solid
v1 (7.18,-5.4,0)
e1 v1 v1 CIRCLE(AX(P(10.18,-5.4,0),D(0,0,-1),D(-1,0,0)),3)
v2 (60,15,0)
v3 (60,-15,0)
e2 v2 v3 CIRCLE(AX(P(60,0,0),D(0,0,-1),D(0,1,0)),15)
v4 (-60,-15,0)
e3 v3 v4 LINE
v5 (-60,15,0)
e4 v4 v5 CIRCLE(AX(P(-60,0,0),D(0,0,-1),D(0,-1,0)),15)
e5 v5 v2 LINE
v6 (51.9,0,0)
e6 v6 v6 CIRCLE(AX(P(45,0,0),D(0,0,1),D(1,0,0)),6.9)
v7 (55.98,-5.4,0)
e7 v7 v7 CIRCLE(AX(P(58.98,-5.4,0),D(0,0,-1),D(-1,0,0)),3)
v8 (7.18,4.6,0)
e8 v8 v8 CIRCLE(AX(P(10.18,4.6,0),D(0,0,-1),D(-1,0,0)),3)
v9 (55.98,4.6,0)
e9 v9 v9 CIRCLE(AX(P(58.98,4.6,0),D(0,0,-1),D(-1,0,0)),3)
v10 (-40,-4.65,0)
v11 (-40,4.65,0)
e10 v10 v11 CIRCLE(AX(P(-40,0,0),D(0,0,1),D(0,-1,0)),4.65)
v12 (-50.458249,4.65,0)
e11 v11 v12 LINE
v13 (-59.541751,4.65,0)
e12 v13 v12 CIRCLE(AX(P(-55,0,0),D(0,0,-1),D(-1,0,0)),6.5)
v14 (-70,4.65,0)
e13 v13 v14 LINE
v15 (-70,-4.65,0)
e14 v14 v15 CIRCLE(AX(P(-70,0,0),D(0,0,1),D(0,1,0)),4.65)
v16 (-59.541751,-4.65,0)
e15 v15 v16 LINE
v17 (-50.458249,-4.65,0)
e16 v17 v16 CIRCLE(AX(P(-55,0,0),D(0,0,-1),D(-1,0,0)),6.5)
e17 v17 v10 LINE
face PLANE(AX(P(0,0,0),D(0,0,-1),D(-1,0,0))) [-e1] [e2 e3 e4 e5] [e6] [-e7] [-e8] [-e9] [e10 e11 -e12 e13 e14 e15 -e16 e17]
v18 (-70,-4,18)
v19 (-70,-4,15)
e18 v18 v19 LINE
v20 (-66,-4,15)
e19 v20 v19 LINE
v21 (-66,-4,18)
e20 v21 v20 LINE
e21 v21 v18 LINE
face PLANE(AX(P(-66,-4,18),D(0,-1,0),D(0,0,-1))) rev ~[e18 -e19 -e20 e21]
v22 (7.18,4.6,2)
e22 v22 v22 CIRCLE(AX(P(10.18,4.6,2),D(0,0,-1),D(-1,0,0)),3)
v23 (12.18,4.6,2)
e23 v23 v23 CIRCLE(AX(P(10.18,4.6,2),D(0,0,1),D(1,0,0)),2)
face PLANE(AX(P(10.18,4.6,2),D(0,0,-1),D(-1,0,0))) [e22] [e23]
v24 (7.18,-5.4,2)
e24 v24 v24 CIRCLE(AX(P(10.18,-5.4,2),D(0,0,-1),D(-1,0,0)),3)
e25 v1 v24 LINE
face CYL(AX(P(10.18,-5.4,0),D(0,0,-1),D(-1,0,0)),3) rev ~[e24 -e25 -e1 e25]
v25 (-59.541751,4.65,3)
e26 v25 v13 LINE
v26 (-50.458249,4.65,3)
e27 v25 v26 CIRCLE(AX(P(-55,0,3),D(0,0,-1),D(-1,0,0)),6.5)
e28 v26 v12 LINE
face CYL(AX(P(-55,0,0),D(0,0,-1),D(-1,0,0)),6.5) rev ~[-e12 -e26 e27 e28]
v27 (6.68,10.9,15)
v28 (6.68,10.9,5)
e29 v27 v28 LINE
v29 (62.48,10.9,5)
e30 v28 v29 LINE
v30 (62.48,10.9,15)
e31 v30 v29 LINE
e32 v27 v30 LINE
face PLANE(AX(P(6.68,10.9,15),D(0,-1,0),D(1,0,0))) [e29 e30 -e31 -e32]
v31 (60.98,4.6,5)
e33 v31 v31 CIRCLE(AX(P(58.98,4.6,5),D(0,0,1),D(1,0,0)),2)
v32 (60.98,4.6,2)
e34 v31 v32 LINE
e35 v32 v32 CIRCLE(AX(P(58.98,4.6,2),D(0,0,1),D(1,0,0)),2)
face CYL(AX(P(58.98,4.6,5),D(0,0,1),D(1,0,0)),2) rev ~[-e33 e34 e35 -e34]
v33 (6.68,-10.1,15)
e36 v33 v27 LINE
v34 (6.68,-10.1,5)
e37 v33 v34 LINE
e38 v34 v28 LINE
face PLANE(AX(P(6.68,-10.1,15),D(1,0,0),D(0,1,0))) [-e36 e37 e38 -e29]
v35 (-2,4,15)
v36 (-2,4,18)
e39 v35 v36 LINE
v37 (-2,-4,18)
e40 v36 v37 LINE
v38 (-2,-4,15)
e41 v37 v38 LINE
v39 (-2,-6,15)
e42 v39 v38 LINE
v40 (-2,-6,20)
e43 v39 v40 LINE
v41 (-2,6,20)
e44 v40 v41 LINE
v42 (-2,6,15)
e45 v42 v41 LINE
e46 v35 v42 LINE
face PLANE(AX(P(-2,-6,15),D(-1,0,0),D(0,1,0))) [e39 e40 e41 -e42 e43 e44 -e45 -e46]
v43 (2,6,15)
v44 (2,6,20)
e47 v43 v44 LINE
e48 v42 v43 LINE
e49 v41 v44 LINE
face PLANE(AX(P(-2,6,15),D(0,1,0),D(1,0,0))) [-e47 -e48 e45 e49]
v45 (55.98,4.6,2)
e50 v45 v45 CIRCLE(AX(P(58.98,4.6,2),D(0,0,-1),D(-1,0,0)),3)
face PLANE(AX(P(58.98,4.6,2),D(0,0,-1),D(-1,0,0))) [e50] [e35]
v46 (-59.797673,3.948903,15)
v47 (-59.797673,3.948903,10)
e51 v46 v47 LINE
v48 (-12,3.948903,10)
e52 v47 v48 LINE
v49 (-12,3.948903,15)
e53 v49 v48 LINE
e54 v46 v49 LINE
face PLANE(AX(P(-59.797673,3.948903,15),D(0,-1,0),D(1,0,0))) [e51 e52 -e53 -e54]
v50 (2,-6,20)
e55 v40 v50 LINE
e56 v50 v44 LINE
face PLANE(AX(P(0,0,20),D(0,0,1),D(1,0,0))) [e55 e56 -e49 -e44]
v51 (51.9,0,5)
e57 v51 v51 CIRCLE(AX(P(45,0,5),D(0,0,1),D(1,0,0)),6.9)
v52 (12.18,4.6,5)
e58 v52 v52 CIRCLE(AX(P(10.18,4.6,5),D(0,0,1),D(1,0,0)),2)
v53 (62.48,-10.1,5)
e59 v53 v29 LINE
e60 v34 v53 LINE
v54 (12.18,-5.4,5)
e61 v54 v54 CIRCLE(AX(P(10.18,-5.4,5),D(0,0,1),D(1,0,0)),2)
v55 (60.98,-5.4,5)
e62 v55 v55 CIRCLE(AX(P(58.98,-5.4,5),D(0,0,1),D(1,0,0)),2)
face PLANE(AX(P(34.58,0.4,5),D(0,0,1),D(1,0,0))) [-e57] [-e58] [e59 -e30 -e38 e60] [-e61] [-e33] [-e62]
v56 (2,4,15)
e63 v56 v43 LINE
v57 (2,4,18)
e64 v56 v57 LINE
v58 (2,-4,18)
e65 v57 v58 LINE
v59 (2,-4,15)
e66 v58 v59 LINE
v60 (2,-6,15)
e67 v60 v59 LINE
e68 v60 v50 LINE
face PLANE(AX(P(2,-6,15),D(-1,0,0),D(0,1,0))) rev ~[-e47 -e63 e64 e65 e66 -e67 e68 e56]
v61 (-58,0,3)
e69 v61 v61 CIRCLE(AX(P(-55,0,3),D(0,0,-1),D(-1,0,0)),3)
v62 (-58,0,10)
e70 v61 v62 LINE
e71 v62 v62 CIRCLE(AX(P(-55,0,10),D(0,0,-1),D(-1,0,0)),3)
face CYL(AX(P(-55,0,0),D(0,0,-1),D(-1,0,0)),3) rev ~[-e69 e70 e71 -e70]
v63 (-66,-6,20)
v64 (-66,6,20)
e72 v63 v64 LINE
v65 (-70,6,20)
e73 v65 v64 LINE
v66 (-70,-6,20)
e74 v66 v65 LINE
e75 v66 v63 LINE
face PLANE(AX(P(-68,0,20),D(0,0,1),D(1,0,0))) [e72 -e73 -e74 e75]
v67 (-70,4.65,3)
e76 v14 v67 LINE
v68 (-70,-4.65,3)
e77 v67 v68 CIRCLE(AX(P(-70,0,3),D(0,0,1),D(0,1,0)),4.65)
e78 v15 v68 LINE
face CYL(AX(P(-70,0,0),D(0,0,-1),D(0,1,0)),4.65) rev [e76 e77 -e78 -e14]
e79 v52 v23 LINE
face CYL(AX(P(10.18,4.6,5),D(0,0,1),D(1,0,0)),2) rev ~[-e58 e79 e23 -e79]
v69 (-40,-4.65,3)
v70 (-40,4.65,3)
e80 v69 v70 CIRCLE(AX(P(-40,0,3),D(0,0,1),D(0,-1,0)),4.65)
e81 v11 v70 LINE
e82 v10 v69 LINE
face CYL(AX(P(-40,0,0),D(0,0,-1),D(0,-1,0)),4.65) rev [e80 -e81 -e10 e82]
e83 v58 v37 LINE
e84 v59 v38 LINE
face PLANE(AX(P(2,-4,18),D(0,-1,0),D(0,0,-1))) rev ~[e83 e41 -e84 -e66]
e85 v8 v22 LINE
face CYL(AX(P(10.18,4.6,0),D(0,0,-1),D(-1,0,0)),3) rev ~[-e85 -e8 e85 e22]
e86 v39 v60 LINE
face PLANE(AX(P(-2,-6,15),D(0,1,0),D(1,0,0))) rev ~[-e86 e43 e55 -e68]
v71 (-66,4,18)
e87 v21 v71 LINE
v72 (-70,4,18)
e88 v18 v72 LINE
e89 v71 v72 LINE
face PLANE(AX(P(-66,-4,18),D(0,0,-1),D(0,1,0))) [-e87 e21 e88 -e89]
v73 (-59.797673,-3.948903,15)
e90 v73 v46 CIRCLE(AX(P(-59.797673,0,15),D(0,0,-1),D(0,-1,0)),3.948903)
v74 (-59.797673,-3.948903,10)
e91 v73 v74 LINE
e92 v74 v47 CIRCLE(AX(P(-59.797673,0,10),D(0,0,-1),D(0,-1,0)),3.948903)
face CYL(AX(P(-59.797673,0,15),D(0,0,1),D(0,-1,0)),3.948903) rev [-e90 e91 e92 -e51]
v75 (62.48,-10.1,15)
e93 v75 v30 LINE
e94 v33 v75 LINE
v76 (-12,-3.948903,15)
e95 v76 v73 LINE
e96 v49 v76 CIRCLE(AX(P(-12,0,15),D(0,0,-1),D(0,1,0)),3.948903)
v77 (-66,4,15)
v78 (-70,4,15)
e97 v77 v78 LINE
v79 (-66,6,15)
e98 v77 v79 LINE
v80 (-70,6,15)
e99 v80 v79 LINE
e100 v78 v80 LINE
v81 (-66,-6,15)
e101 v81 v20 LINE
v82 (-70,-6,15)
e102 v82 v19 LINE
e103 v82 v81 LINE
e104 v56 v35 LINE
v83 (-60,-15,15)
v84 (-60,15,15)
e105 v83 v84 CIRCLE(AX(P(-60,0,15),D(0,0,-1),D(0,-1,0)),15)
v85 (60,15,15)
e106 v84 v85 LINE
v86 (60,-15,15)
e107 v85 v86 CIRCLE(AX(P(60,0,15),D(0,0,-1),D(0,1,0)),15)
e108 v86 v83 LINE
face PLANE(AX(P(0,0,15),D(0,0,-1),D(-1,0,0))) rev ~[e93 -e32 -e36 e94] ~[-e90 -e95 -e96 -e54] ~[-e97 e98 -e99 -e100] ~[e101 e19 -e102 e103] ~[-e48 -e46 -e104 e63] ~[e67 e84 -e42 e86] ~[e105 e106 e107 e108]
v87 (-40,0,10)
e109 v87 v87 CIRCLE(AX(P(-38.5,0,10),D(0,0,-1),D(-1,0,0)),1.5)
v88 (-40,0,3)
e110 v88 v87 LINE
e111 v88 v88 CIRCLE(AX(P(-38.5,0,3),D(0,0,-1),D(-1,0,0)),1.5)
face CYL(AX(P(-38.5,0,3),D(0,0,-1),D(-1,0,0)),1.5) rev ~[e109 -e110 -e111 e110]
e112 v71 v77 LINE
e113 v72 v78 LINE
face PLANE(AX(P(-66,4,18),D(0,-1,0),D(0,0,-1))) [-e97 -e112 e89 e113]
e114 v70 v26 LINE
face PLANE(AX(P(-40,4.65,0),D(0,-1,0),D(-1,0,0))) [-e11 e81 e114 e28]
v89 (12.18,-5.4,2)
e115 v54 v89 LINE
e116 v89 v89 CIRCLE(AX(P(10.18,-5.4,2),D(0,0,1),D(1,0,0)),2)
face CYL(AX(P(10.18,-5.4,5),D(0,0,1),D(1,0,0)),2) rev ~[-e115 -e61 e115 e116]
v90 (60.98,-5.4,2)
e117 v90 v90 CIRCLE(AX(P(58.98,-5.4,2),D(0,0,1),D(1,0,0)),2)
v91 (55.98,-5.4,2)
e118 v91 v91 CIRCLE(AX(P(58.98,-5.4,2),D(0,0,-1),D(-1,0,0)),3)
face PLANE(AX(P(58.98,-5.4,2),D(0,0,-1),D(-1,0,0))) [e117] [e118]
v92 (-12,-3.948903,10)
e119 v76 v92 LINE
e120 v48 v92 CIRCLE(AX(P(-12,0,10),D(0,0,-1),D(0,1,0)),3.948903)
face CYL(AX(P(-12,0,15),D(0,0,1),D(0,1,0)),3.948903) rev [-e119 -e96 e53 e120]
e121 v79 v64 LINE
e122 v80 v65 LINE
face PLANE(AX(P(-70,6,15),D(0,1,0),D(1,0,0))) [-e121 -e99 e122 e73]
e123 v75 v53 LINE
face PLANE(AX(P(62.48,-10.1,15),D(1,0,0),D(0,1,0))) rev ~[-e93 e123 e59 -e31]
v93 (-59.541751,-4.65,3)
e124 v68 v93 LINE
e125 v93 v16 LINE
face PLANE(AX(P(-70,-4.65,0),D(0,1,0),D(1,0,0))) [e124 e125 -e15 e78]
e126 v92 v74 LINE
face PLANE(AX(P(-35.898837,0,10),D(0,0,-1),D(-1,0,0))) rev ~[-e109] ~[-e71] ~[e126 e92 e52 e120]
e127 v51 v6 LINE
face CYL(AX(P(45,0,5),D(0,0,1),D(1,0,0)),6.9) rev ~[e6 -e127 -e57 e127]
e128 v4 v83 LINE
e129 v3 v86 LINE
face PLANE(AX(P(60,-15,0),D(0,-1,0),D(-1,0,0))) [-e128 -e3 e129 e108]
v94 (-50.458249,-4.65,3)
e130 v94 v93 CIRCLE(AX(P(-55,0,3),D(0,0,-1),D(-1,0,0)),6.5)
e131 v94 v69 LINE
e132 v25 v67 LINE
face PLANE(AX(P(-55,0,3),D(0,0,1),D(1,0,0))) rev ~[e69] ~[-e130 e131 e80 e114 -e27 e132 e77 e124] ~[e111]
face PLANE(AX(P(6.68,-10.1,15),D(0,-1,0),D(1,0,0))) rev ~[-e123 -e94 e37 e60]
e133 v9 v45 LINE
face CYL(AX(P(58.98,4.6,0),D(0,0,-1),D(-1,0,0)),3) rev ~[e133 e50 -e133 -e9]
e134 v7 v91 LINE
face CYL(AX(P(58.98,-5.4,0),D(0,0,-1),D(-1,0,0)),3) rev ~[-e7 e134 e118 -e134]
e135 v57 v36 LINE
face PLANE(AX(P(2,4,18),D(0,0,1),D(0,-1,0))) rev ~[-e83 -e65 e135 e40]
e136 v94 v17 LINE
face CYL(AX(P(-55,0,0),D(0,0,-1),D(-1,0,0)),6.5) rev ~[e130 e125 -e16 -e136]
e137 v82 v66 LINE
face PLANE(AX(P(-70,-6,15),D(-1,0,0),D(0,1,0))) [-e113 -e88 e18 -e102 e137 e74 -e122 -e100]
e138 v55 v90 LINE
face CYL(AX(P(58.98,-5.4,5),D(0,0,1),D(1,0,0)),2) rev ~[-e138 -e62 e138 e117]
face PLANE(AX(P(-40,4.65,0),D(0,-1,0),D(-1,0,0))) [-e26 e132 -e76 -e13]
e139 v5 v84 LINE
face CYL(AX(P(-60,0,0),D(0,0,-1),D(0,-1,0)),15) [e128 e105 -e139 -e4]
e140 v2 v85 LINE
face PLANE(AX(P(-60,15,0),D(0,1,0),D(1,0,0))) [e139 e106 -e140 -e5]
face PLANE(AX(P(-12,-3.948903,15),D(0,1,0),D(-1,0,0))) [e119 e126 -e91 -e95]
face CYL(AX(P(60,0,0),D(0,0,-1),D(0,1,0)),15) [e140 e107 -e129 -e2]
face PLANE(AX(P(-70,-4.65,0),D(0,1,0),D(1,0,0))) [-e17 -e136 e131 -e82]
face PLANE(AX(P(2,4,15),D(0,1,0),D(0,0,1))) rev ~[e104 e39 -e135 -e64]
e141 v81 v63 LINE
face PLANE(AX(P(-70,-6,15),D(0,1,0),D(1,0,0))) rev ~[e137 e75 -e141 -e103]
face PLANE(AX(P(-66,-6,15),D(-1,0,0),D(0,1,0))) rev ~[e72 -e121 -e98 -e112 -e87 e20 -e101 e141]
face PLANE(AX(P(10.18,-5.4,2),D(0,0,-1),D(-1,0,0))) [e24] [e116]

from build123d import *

# Parameters (mm, degrees)
BOSS_EXTRUDE1_DEPTH = 15
SKETCH2_R           = 3
CUT_EXTRUDE1_DEPTH  = 10
SKETCH3_W           = 55.8
SKETCH3_H           = 21
CUT_EXTRUDE2_DEPTH  = 10
SKETCH4_R           = 6.9
SKETCH4_R_2         = 2
CUT_EXTRUDE3_DEPTH  = 5
CUT_EXTRUDE4_DEPTH  = 5
SKETCH7_R           = 3
CUT_EXTRUDE5_DEPTH  = 2
CUT_EXTRUDE6_DEPTH  = 3
SKETCH9_R           = 6.5
CUT_EXTRUDE7_DEPTH  = 3
SKETCH11_W          = 4
SKETCH11_H          = 12
BOSS_EXTRUDE2_DEPTH = 5
CUT_EXTRUDE9_DEPTH  = 4
SKETCH14_W          = 4
SKETCH14_H          = 12
BOSS_EXTRUDE3_DEPTH = 5
SKETCH15_W          = 3
SKETCH15_H          = 8
CUT_EXTRUDE10_DEPTH = 4
SKETCH16_R          = 1.5
CUT_EXTRUDE11_DEPTH = 7


with BuildPart() as part:
    # Sketch1 → Boss-Extrude1 (new body)
    with BuildSketch(Plane.XY):
        with BuildLine():
            Line((60, -15), (-60, -15))
            ThreePointArc((-60, -15), (-75, 0), (-60, 15))
            Line((-60, 15), (60, 15))
            ThreePointArc((60, 15), (75, 0), (60, -15))
        make_face()
    extrude(amount=BOSS_EXTRUDE1_DEPTH)

    # Sketch2 → Cut-Extrude1 (cut)
    with BuildSketch(Plane(origin=(0, 0, 0), x_dir=(-1, 0, 0), z_dir=(0, 0, -1))):
        with Locations((55, 0)):
            Circle(SKETCH2_R)
    extrude(amount=-CUT_EXTRUDE1_DEPTH, mode=Mode.SUBTRACT)

    # Sketch3 → Cut-Extrude2 (cut)
    with BuildSketch(Plane.XY.offset(15)):
        with Locations((34.58, 0.4)):
            Rectangle(SKETCH3_W, SKETCH3_H)
    extrude(amount=-CUT_EXTRUDE2_DEPTH, mode=Mode.SUBTRACT)

    # Sketch4 → Cut-Extrude3 (cut)
    with BuildSketch(Plane.XY.offset(5)):
        with Locations((45, 0)):
            Circle(SKETCH4_R)
        with Locations((58.98, -5.4)):
            Circle(SKETCH4_R_2)
        with Locations((58.98, 4.6)):
            Circle(SKETCH4_R_2)
        with Locations((10.18, 4.6)):
            Circle(SKETCH4_R_2)
        with Locations((10.18, -5.4)):
            Circle(SKETCH4_R_2)
    extrude(amount=-CUT_EXTRUDE3_DEPTH, mode=Mode.SUBTRACT)

    # Sketch6 → Cut-Extrude4 (cut)
    with BuildSketch(Plane.XY.offset(15)):
        with BuildLine():
            Line((-59.79767324, 3.94890295), (-12, 3.94890295))
            ThreePointArc((-12, 3.94890295), (-8.05109705, 0), (-12, -3.94890295))
            Line((-12, -3.94890295), (-59.79767324, -3.94890295))
            ThreePointArc((-59.79767324, -3.94890295), (-63.74657619, 0), (-59.79767324, 3.94890295))
        make_face()
    extrude(amount=-CUT_EXTRUDE4_DEPTH, mode=Mode.SUBTRACT)

    # Sketch7 → Cut-Extrude5 (cut)
    with BuildSketch(Plane(origin=(0, 0, 0), x_dir=(-1, 0, 0), z_dir=(0, 0, -1))):
        with Locations((-58.98, 4.6)):
            Circle(SKETCH7_R)
        with Locations((-58.98, -5.4)):
            Circle(SKETCH7_R)
        with Locations((-10.18, 4.6)):
            Circle(SKETCH7_R)
        with Locations((-10.18, -5.4)):
            Circle(SKETCH7_R)
    extrude(amount=-CUT_EXTRUDE5_DEPTH, mode=Mode.SUBTRACT)

    # Sketch8 → Cut-Extrude6 (cut)
    with BuildSketch(Plane(origin=(0, 0, 0), x_dir=(-1, 0, 0), z_dir=(0, 0, -1))):
        with BuildLine():
            Line((40, 4.65), (70, 4.65))
            ThreePointArc((70, 4.65), (74.65, 0), (70, -4.65))
            Line((70, -4.65), (40, -4.65))
            ThreePointArc((40, -4.65), (35.35, 0), (40, 4.65))
        make_face()
    extrude(amount=-CUT_EXTRUDE6_DEPTH, mode=Mode.SUBTRACT)

    # Sketch9 → Cut-Extrude7 (cut)
    with BuildSketch(Plane(origin=(0, 0, 0), x_dir=(-1, 0, 0), z_dir=(0, 0, -1))):
        with Locations((55, 0)):
            Circle(SKETCH9_R)
    extrude(amount=-CUT_EXTRUDE7_DEPTH, mode=Mode.SUBTRACT)

    # Sketch11 → Boss-Extrude2 (add)
    with BuildSketch(Plane.XY.offset(15)):
        Rectangle(SKETCH11_W, SKETCH11_H)
    extrude(amount=BOSS_EXTRUDE2_DEPTH)

    # Sketch13 → Cut-Extrude9 (cut)
    with BuildSketch(Plane(origin=(2, 0, 0), x_dir=(0, 0, -1), z_dir=(1, 0, 0))):
        Polygon((-15, 0), (-15, 4), (-18, 4), (-18, -4), (-15, -4), align=None)
    extrude(amount=-CUT_EXTRUDE9_DEPTH, mode=Mode.SUBTRACT)

    # Sketch14 → Boss-Extrude3 (add)
    with BuildSketch(Plane.XY.offset(15)):
        with Locations((-68, 0)):
            Rectangle(SKETCH14_W, SKETCH14_H)
    extrude(amount=BOSS_EXTRUDE3_DEPTH)

    # Sketch15 → Cut-Extrude10 (cut)
    with BuildSketch(Plane(origin=(-66, 0, 0), x_dir=(0, 0, -1), z_dir=(1, 0, 0))):
        with Locations((-16.5, 0)):
            Rectangle(SKETCH15_W, SKETCH15_H)
    extrude(amount=-CUT_EXTRUDE10_DEPTH, mode=Mode.SUBTRACT)

    # Sketch16 → Cut-Extrude11 (cut)
    with BuildSketch(Plane(origin=(0, 0, 3), x_dir=(-1, 0, 0), z_dir=(0, 0, -1))):
        with Locations((38.5, 0)):
            Circle(SKETCH16_R)
    extrude(amount=-CUT_EXTRUDE11_DEPTH, mode=Mode.SUBTRACT)


solid = part.part
